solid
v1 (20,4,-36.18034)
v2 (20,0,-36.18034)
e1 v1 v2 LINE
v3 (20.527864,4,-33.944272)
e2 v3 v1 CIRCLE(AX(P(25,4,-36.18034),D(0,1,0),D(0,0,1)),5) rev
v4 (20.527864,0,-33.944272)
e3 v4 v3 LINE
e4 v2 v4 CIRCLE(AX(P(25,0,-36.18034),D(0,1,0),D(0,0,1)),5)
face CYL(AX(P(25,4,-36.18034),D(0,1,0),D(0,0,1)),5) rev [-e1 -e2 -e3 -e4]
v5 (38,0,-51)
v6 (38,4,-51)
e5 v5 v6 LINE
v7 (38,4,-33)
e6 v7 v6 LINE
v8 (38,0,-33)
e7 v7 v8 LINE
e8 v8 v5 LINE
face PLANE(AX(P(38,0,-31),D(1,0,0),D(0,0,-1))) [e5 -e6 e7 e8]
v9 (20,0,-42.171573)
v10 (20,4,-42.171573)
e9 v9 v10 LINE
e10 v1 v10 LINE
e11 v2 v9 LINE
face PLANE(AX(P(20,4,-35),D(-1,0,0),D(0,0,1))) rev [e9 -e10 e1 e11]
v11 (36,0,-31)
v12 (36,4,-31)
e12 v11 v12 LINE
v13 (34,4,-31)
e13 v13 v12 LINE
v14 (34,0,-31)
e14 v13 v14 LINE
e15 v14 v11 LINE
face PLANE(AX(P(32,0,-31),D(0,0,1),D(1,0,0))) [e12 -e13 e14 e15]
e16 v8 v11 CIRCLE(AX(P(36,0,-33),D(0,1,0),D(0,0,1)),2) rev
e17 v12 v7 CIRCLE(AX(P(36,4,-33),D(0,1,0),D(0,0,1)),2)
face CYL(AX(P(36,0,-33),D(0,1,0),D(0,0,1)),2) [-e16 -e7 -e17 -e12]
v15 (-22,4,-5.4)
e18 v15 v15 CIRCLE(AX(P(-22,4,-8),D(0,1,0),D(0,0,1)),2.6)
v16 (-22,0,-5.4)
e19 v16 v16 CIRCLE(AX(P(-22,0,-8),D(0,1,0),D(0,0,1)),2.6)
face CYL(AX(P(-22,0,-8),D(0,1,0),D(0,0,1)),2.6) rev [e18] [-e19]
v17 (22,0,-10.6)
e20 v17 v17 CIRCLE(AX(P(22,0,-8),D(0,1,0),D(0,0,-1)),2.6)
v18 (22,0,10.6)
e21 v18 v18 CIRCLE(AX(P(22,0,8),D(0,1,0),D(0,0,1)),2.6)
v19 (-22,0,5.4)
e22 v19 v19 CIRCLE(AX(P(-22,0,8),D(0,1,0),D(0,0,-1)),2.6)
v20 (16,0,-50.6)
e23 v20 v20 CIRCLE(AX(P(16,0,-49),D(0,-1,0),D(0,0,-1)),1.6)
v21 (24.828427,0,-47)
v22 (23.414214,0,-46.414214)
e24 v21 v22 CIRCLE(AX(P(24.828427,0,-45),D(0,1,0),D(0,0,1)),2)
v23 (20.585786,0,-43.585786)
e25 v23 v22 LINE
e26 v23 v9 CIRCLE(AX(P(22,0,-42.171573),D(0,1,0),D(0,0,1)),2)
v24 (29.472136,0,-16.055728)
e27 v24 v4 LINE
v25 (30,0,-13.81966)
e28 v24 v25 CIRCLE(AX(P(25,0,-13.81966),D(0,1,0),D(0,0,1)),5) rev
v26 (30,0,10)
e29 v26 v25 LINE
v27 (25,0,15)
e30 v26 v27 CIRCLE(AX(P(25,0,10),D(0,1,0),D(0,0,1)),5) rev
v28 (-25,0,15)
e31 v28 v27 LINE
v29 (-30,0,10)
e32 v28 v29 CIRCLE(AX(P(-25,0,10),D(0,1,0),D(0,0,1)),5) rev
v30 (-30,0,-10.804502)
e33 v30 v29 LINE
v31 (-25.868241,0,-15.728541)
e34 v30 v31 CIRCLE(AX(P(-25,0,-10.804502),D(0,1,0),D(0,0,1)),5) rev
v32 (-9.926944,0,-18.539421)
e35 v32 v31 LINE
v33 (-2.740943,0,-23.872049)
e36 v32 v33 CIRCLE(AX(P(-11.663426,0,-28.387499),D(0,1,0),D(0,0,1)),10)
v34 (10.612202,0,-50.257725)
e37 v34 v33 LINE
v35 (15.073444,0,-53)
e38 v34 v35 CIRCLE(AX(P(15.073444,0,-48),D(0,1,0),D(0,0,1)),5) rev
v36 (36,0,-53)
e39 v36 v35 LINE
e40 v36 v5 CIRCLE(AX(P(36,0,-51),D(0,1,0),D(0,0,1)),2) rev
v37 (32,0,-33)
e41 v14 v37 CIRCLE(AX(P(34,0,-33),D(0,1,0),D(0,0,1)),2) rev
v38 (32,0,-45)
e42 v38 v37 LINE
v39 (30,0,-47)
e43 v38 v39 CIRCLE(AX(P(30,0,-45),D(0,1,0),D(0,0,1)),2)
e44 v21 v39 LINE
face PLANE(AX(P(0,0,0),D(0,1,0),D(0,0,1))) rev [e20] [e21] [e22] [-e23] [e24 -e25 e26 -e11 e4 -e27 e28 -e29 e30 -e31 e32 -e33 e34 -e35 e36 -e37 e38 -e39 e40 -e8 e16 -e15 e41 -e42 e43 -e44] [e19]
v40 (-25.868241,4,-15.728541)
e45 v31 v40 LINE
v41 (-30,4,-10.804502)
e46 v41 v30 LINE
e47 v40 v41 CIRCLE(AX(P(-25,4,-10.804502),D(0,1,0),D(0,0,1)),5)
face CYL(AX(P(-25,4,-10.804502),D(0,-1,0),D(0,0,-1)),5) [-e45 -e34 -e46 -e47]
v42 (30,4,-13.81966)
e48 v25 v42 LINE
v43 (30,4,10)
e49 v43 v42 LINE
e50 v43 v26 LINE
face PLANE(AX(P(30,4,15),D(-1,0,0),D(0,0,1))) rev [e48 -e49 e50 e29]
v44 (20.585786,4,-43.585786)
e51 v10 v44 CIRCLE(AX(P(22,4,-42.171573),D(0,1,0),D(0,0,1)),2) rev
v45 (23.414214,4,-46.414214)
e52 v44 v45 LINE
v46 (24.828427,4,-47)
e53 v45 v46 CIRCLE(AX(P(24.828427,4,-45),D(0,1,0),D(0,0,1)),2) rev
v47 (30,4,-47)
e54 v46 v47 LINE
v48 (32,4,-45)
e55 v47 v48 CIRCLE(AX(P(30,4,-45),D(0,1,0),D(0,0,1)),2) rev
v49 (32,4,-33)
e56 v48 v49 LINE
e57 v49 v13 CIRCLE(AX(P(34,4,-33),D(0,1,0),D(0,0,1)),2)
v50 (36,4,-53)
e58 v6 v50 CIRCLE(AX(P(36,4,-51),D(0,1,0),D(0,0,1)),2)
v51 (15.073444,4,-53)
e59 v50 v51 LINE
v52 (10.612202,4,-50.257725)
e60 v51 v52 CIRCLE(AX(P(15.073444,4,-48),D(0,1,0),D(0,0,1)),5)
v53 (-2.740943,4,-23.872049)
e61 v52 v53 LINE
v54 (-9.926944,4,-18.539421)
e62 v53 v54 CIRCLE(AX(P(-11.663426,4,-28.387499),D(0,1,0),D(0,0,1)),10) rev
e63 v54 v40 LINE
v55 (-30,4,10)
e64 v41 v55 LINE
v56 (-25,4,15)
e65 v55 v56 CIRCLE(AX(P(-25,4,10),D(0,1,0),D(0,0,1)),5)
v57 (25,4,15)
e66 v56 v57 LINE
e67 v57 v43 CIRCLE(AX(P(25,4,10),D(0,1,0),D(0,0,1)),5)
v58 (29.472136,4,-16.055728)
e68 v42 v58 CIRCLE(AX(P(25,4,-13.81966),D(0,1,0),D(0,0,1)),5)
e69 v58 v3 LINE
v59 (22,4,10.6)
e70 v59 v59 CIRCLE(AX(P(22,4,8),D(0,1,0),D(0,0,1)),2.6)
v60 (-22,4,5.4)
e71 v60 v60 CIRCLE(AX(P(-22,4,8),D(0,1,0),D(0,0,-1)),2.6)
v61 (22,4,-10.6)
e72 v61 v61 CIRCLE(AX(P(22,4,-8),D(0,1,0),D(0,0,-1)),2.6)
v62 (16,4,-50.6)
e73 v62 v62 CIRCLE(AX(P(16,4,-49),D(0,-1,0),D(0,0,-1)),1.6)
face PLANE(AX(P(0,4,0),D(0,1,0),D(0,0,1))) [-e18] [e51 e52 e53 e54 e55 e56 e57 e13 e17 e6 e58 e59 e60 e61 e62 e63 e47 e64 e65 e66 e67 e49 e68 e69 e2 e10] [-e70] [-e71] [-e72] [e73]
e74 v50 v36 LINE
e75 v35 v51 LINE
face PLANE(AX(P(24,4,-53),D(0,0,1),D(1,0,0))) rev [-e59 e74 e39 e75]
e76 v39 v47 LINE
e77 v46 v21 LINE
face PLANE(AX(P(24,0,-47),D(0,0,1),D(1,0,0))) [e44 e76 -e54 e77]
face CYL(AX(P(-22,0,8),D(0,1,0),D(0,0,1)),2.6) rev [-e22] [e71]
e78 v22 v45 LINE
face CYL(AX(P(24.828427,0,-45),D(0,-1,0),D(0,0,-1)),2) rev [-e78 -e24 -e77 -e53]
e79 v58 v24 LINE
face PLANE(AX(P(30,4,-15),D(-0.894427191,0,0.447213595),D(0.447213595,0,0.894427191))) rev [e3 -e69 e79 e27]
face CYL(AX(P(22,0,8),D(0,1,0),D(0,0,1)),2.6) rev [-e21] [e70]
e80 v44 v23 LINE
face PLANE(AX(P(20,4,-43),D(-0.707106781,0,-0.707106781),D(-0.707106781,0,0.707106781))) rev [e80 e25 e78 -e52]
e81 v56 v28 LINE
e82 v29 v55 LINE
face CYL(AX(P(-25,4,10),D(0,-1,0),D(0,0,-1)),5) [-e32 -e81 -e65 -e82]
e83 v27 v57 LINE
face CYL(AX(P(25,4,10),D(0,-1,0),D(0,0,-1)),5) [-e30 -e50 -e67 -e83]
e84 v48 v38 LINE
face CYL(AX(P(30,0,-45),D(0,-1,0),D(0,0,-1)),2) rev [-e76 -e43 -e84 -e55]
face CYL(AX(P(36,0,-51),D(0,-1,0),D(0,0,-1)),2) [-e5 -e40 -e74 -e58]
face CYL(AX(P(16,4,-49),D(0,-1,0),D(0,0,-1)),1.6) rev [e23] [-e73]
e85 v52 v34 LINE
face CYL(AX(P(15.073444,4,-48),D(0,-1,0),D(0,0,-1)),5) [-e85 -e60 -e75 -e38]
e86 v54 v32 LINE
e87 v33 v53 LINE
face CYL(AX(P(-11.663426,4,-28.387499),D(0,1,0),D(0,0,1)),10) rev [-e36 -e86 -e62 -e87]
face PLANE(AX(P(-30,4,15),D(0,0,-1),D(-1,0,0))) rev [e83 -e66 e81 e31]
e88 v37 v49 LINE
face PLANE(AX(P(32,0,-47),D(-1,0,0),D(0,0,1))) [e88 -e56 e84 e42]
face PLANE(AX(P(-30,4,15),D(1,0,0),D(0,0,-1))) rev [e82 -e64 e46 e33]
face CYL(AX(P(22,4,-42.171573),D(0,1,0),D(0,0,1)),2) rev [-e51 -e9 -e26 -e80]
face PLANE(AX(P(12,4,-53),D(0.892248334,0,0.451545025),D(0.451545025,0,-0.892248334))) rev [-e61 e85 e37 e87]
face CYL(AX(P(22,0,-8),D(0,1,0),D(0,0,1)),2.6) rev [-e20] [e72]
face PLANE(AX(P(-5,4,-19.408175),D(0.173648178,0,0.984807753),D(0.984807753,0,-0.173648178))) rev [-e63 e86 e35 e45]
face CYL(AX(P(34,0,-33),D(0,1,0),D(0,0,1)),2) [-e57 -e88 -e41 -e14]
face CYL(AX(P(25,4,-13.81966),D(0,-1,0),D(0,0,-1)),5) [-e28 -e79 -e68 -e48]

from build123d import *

# Parameters (mm, degrees)
EXTRUDE_1_DEPTH     = 4
FILLET_1_R          = 10
FILLET_2_R          = 5
SKETCH_2_R          = 2.6
CUT_EXTRUDE_1_DEPTH = 62.032778079
SKETCH_3_R          = 1.6
CUT_EXTRUDE_2_DEPTH = 62.032778079
EXTRUDE_2_DEPTH     = 4
FILLET_3_R          = 2


with BuildPart() as part:
    # 草图1 → 凸台-拉伸1 (new body)
    with BuildSketch(Plane(origin=(0, 0, 0), x_dir=(1, 0, 0), z_dir=(0, 1, 0))):
        Polygon((-30, -15), (30, -15), (30, 15), (20, 35), (20, 43), (24, 47), (24, 53), (12, 53), (-5, 19.408174518), (-30, 15), align=None)
    extrude(amount=EXTRUDE_1_DEPTH)

    # 圆角1
    fillet_1_edges = [part.edges().sort_by_distance(p)[0] for p in [
        (-5, 2, -19.408174518),
    ]]
    fillet(fillet_1_edges, radius=FILLET_1_R)

    # 圆角2
    fillet_2_edges = [part.edges().sort_by_distance(p)[0] for p in [
        (30, 2, -15),
        (30, 2, 15),
        (-30, 2, 15),
        (-30, 2, -15),
        (12, 2, -53),
        (20, 2, -35),
    ]]
    fillet(fillet_2_edges, radius=FILLET_2_R)

    # 草图2 → 切除-拉伸1 (cut, through all)
    with BuildSketch(Plane(origin=(0, 4, 0), x_dir=(1, 0, 0), z_dir=(0, 1, 0))):
        with Locations(Location((-22, 8, 0), (0, 0, 270))):
            Circle(SKETCH_2_R)
        with Locations(Location((22, 8, 0), (0, 0, 90))):
            Circle(SKETCH_2_R)
        with Locations(Location((22, -8, 0), (0, 0, 270))):
            Circle(SKETCH_2_R)
        with Locations(Location((-22, -8, 0), (0, 0, 90))):
            Circle(SKETCH_2_R)
    extrude(amount=-CUT_EXTRUDE_1_DEPTH, mode=Mode.SUBTRACT)

    # 草图3 → 切除-拉伸2 (cut, through all)
    with BuildSketch(Plane.XZ):
        with Locations(Location((16, -49, 0), (0, 0, 270))):
            Circle(SKETCH_3_R)
    extrude(amount=-CUT_EXTRUDE_2_DEPTH, mode=Mode.SUBTRACT)

    # 草图4 → 凸台-拉伸2 (add)
    with BuildSketch(Plane(origin=(0, 4, 0), x_dir=(1, 0, 0), z_dir=(0, 1, 0))):
        Polygon((24, 47), (32, 47), (32, 31), (38, 31), (38, 53), (24, 53), align=None)
    extrude(amount=-EXTRUDE_2_DEPTH)

    # 圆角3
    fillet_3_edges = [part.edges().sort_by_distance(p)[0] for p in [
        (38, 2, -53),
        (38, 2, -31),
        (32, 2, -31),
        (32, 2, -47),
        (24, 2, -47),
        (20, 2, -43),
    ]]
    fillet(fillet_3_edges, radius=FILLET_3_R)


solid = part.part
